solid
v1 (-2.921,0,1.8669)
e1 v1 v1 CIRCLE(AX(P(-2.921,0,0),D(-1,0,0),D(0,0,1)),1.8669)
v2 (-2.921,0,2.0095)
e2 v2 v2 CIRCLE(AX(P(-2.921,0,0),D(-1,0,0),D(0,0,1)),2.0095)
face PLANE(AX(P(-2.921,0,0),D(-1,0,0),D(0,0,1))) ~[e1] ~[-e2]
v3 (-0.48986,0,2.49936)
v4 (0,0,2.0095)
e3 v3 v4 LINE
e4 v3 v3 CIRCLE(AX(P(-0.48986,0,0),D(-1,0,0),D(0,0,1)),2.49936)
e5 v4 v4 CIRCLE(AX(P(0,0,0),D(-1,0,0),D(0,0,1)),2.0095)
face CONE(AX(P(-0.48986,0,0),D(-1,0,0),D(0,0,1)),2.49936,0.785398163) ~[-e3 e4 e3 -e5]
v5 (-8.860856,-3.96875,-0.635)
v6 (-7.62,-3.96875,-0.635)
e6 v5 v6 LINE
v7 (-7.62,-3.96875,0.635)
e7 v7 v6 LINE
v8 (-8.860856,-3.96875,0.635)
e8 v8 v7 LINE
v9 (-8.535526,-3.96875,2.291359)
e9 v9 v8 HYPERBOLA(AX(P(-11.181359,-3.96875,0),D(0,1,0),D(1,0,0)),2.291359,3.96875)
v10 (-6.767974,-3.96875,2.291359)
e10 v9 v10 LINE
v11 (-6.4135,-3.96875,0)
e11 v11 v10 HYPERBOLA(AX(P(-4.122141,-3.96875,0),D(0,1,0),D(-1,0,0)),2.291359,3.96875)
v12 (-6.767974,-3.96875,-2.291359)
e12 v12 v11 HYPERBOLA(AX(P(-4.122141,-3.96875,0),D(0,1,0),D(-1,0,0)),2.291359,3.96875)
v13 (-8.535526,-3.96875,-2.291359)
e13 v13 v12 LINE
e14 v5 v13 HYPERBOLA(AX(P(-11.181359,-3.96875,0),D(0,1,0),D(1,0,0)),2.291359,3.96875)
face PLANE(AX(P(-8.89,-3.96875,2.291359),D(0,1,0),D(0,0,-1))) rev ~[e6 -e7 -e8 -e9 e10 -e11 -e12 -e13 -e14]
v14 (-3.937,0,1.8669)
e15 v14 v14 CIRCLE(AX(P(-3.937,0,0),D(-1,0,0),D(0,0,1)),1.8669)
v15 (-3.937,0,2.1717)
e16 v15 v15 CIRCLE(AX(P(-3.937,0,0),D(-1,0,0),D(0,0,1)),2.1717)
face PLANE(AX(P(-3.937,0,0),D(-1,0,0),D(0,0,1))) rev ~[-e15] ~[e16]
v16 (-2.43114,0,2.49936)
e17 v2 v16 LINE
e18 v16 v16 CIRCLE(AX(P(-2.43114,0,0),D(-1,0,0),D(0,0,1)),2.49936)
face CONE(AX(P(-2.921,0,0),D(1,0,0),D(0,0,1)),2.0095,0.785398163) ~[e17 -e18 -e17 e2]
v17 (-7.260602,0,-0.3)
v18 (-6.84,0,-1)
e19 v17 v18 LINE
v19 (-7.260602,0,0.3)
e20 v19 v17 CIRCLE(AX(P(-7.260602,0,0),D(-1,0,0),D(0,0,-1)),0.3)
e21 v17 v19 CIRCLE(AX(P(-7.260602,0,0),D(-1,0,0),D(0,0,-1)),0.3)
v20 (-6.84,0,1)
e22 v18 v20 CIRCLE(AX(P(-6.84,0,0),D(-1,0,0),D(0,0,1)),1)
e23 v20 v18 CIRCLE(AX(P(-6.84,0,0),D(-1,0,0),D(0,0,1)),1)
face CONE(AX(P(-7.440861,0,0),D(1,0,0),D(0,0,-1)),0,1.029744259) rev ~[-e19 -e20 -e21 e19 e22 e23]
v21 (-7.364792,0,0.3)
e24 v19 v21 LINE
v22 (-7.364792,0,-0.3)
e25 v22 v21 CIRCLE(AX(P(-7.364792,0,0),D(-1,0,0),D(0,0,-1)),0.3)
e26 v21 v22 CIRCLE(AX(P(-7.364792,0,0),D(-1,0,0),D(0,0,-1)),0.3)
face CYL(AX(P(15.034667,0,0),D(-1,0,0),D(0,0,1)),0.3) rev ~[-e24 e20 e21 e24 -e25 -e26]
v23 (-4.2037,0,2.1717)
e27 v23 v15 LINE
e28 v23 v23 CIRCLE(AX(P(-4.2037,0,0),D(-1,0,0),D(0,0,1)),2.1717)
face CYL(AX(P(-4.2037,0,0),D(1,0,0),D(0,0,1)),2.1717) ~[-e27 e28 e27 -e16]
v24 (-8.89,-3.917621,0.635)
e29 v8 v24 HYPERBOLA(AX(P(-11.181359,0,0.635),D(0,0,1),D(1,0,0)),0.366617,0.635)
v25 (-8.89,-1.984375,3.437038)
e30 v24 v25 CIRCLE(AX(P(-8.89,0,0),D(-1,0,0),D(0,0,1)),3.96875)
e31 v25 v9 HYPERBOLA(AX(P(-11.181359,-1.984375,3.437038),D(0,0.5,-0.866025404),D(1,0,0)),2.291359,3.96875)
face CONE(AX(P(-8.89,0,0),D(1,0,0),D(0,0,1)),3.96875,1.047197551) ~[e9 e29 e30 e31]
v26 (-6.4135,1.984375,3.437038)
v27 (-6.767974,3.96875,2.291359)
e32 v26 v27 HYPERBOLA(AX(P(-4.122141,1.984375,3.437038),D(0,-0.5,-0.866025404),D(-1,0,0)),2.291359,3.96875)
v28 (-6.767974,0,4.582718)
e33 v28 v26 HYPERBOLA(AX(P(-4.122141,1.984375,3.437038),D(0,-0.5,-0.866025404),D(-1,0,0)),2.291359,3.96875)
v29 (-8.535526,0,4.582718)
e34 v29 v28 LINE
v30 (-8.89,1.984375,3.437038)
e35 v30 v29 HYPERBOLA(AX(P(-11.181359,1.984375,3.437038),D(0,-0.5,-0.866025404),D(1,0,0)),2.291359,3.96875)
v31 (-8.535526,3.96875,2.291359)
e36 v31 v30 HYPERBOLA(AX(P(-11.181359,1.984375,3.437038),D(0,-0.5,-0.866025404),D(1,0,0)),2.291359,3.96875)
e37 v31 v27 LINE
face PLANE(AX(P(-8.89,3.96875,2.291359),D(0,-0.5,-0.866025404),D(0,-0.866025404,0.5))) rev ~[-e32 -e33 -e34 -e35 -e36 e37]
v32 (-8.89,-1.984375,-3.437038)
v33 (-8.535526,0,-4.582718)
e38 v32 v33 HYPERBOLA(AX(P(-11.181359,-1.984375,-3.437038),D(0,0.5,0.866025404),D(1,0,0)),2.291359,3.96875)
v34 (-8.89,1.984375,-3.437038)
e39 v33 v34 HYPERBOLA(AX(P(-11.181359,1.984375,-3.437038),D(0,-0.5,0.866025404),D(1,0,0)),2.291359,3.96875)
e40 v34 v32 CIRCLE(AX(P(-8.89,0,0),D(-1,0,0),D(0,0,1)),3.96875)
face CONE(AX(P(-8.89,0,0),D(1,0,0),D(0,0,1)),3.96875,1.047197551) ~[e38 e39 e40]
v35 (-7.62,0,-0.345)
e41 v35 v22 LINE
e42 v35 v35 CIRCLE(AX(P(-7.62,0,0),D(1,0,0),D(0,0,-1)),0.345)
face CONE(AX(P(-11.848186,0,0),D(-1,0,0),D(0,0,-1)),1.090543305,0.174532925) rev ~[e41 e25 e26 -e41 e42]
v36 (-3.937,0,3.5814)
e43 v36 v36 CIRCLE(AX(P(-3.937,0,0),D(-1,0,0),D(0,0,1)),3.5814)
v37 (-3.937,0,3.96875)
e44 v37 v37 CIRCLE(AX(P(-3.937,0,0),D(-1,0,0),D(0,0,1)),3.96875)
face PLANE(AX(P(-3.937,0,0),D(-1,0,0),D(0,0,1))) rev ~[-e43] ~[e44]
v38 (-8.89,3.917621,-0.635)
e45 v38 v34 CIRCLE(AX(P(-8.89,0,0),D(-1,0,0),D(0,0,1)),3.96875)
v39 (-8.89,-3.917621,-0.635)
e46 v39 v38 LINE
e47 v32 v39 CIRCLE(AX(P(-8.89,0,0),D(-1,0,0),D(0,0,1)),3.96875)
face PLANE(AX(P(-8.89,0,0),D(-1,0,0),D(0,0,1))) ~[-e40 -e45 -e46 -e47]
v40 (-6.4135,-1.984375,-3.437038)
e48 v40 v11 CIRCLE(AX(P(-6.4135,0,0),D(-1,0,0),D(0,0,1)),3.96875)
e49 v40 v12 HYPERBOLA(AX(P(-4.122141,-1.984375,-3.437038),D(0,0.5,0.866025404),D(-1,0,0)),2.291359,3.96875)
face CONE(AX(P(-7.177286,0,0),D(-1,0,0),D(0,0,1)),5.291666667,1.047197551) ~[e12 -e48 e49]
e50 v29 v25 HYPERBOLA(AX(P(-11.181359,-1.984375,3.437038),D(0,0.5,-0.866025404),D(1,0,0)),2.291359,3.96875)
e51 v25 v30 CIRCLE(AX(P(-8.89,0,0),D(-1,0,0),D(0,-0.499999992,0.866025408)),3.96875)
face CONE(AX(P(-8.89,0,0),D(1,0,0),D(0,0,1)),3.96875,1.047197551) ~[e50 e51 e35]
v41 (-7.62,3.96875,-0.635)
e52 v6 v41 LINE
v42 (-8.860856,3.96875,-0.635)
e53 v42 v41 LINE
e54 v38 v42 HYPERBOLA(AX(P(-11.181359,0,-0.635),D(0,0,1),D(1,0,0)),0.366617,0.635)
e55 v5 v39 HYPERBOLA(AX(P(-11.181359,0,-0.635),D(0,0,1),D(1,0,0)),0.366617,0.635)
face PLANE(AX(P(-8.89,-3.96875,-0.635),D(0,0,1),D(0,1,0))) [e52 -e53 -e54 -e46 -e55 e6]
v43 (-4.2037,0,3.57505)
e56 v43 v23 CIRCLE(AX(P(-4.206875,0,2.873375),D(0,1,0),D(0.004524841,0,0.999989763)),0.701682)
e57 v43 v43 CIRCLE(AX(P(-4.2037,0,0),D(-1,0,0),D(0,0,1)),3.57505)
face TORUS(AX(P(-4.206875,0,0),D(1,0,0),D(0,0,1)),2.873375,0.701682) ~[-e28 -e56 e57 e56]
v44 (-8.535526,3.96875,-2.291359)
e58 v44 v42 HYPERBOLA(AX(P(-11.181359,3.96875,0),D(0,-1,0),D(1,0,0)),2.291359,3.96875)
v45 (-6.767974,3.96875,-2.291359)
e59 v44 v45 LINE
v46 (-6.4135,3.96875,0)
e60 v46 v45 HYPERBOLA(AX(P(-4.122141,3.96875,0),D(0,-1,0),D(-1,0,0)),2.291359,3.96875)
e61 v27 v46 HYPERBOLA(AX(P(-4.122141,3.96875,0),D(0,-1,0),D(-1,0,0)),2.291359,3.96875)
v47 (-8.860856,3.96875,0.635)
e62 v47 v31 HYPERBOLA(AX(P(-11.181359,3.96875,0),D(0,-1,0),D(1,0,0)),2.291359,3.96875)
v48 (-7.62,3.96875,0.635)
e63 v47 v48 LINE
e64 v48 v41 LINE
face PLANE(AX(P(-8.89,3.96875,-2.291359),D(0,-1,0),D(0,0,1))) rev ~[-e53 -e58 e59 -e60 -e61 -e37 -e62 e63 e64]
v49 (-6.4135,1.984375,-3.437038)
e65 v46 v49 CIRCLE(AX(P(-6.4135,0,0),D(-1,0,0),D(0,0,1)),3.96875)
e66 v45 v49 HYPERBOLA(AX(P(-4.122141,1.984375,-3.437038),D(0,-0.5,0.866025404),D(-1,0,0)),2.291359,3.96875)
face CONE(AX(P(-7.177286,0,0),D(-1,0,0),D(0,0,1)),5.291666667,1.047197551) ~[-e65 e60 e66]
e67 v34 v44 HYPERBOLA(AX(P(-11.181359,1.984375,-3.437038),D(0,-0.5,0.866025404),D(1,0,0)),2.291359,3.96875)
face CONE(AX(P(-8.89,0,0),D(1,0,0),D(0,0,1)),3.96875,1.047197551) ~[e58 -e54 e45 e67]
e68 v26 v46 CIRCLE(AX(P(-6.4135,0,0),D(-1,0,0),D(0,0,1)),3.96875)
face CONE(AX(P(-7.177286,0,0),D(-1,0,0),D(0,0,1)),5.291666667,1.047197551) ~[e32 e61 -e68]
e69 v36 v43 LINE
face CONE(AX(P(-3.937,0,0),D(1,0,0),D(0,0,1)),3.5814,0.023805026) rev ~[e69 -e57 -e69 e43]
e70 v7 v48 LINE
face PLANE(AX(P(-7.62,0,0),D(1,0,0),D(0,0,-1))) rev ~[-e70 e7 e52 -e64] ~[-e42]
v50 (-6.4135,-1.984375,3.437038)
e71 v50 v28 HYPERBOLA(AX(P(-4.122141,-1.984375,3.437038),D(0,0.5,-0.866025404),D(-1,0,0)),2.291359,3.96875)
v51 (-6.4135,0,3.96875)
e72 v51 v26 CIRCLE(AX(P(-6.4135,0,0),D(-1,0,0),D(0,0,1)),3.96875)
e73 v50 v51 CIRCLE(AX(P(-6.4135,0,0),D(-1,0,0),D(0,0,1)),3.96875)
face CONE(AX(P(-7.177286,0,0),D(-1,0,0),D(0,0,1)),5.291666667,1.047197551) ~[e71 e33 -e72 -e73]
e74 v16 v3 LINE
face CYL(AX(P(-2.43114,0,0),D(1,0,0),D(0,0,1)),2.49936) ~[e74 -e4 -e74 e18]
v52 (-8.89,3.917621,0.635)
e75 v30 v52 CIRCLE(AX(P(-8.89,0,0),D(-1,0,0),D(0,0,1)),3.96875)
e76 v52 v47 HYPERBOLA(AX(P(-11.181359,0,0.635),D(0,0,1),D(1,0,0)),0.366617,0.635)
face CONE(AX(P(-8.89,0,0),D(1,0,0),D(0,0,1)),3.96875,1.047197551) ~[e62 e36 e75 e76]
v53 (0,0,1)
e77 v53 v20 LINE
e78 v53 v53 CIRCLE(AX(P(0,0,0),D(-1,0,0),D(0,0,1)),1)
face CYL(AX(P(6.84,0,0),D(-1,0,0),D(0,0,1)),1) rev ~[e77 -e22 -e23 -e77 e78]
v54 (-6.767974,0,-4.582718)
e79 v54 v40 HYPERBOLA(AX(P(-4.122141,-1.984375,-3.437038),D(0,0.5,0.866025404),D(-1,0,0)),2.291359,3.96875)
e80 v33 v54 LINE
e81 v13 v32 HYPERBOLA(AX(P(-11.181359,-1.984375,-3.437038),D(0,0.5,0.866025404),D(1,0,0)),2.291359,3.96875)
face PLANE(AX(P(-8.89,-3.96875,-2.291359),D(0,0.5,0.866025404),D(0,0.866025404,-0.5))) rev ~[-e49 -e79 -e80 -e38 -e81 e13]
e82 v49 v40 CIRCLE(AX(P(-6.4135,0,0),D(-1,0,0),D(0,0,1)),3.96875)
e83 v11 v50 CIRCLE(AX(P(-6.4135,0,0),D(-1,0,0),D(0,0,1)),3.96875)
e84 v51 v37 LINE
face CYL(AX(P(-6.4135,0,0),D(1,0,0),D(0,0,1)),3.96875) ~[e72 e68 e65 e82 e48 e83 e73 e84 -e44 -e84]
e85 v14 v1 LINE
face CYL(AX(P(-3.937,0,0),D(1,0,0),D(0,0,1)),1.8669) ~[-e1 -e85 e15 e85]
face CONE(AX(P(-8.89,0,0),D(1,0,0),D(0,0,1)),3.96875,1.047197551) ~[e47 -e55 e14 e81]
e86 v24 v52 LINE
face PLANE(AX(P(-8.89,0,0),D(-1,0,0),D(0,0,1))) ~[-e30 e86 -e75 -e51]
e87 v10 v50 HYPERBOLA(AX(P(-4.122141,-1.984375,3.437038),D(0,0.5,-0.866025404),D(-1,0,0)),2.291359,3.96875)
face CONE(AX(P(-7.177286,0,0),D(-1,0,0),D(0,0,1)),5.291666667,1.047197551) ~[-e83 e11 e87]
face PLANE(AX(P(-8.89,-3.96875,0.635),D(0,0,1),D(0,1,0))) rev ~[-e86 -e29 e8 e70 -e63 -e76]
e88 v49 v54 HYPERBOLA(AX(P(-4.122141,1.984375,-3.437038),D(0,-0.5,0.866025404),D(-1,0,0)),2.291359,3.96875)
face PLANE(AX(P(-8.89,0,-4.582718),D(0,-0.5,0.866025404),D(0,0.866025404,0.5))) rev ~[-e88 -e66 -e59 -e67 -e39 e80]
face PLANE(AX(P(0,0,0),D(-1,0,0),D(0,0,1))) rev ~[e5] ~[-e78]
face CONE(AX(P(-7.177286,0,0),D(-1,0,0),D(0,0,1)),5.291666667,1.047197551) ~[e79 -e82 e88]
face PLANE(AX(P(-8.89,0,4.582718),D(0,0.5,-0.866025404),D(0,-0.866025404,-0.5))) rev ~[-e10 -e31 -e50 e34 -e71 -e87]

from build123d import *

# Parameters (mm, degrees)
SKETCH3_W                    = 15.875
SKETCH3_H                    = 15.875
CUT_EXTRUDE1_DEPTH           = 4.953
SKETCH4_W                    = 1.27
SKETCH4_H                    = 7.9375
CUT_EXTRUDE2_DEPTH           = 1.27
F_0_6_0_6_DIAMETER_HOLE1_D   = 0.6
F_2_0_2_DIAMETER_HOLE1_D     = 2
F_2_0_2_DIAMETER_HOLE1_DEPTH = 6.84
F_2_0_2_DIAMETER_HOLE1_TIP   = 0.600860619


with BuildPart() as part:
    # Sketch1 → Revolve1 (revolve)
    with BuildSketch(Plane.XY):
        Polygon((-3.937, 0), (-3.937, 1.8669), (-2.921, 1.8669), (-2.921, 2.0095), (-2.43114, 2.49936), (-0.48986, 2.49936), (0, 2.0095), (0, 0), align=None)
    revolve(axis=Axis((0, 0, 0), (-1, 0, 0)))

    # Sketch2 → Revolve2 (revolve)
    with BuildSketch(Plane.XY):
        with BuildLine():
            Line((-8.89, 0), (-8.89, 3.96875))
            Line((-8.89, 3.96875), (-8.126213706, 5.291666667))
            Line((-8.126213706, 5.291666667), (-7.177286294, 5.291666667))
            Line((-7.177286294, 5.291666667), (-6.4135, 3.96875))
            Line((-6.4135, 3.96875), (-3.937, 3.96875))
            Line((-3.937, 3.96875), (-3.937, 3.5814))
            Line((-3.937, 3.5814), (-4.2037, 3.57505))
            ThreePointArc((-4.2037, 3.57505), (-3.505192817, 2.873375), (-4.2037, 2.1717))
            Line((-4.2037, 2.1717), (-3.937, 2.1717))
            Line((-3.937, 2.1717), (-3.937, 0))
            Line((-3.937, 0), (-8.89, 0))
        make_face()
    revolve(axis=Axis((-3.937, 0, 0), (-1, 0, 0)))

    # Sketch3 → Cut-Extrude1 (cut)
    with BuildSketch(Plane(origin=(-8.89, 0, 0), x_dir=(0, 0, -1), z_dir=(1, 0, 0))):
        Rectangle(SKETCH3_W, SKETCH3_H)
        Polygon((-4.582717762, 0), (-2.291358881, -3.96875), (2.291358881, -3.96875), (4.582717762, 0), (2.291358881, 3.96875), (-2.291358881, 3.96875), align=None, mode=Mode.SUBTRACT)
    extrude(amount=CUT_EXTRUDE1_DEPTH, mode=Mode.SUBTRACT)

    # Sketch4 → Cut-Extrude2 (cut)
    with BuildSketch(Plane(origin=(-8.89, 0, 0), x_dir=(0, 0, -1), z_dir=(1, 0, 0))):
        Rectangle(SKETCH4_W, SKETCH4_H)
    extrude(amount=CUT_EXTRUDE2_DEPTH, mode=Mode.SUBTRACT)

    # Ø0.6 (0.6) Diameter Hole1 (through all)
    with Locations(Plane(origin=(0, 0, 0), x_dir=(0, 0, -1), z_dir=(1, 0, 0))):
        with Locations((0, 0)):
            Hole(F_0_6_0_6_DIAMETER_HOLE1_D / 2)

    # Sketch10 → Cut-Revolve2 (revolve, cut)
    with BuildSketch(Plane.XY):
        Polygon((-11.84818619, 1.090543305), (-5.946971863, 0.05), (-5.946971863, 0), (-11.84818619, 0), align=None)
    revolve(axis=Axis((0, 0, 0), (1, 0, 0)), mode=Mode.SUBTRACT)

    # Ø2.0 (2) Diameter Hole1
    with Locations(Plane(origin=(0, 0, 0), x_dir=(0, 0, -1), z_dir=(1, 0, 0))):
        with Locations((0, 0)):
            Hole(F_2_0_2_DIAMETER_HOLE1_D / 2, depth=F_2_0_2_DIAMETER_HOLE1_DEPTH)
            with Locations((0, 0, -(F_2_0_2_DIAMETER_HOLE1_DEPTH + F_2_0_2_DIAMETER_HOLE1_TIP / 2))):  # 118° drill point
                Cone(0, F_2_0_2_DIAMETER_HOLE1_D / 2, F_2_0_2_DIAMETER_HOLE1_TIP, mode=Mode.SUBTRACT)


solid = part.part
